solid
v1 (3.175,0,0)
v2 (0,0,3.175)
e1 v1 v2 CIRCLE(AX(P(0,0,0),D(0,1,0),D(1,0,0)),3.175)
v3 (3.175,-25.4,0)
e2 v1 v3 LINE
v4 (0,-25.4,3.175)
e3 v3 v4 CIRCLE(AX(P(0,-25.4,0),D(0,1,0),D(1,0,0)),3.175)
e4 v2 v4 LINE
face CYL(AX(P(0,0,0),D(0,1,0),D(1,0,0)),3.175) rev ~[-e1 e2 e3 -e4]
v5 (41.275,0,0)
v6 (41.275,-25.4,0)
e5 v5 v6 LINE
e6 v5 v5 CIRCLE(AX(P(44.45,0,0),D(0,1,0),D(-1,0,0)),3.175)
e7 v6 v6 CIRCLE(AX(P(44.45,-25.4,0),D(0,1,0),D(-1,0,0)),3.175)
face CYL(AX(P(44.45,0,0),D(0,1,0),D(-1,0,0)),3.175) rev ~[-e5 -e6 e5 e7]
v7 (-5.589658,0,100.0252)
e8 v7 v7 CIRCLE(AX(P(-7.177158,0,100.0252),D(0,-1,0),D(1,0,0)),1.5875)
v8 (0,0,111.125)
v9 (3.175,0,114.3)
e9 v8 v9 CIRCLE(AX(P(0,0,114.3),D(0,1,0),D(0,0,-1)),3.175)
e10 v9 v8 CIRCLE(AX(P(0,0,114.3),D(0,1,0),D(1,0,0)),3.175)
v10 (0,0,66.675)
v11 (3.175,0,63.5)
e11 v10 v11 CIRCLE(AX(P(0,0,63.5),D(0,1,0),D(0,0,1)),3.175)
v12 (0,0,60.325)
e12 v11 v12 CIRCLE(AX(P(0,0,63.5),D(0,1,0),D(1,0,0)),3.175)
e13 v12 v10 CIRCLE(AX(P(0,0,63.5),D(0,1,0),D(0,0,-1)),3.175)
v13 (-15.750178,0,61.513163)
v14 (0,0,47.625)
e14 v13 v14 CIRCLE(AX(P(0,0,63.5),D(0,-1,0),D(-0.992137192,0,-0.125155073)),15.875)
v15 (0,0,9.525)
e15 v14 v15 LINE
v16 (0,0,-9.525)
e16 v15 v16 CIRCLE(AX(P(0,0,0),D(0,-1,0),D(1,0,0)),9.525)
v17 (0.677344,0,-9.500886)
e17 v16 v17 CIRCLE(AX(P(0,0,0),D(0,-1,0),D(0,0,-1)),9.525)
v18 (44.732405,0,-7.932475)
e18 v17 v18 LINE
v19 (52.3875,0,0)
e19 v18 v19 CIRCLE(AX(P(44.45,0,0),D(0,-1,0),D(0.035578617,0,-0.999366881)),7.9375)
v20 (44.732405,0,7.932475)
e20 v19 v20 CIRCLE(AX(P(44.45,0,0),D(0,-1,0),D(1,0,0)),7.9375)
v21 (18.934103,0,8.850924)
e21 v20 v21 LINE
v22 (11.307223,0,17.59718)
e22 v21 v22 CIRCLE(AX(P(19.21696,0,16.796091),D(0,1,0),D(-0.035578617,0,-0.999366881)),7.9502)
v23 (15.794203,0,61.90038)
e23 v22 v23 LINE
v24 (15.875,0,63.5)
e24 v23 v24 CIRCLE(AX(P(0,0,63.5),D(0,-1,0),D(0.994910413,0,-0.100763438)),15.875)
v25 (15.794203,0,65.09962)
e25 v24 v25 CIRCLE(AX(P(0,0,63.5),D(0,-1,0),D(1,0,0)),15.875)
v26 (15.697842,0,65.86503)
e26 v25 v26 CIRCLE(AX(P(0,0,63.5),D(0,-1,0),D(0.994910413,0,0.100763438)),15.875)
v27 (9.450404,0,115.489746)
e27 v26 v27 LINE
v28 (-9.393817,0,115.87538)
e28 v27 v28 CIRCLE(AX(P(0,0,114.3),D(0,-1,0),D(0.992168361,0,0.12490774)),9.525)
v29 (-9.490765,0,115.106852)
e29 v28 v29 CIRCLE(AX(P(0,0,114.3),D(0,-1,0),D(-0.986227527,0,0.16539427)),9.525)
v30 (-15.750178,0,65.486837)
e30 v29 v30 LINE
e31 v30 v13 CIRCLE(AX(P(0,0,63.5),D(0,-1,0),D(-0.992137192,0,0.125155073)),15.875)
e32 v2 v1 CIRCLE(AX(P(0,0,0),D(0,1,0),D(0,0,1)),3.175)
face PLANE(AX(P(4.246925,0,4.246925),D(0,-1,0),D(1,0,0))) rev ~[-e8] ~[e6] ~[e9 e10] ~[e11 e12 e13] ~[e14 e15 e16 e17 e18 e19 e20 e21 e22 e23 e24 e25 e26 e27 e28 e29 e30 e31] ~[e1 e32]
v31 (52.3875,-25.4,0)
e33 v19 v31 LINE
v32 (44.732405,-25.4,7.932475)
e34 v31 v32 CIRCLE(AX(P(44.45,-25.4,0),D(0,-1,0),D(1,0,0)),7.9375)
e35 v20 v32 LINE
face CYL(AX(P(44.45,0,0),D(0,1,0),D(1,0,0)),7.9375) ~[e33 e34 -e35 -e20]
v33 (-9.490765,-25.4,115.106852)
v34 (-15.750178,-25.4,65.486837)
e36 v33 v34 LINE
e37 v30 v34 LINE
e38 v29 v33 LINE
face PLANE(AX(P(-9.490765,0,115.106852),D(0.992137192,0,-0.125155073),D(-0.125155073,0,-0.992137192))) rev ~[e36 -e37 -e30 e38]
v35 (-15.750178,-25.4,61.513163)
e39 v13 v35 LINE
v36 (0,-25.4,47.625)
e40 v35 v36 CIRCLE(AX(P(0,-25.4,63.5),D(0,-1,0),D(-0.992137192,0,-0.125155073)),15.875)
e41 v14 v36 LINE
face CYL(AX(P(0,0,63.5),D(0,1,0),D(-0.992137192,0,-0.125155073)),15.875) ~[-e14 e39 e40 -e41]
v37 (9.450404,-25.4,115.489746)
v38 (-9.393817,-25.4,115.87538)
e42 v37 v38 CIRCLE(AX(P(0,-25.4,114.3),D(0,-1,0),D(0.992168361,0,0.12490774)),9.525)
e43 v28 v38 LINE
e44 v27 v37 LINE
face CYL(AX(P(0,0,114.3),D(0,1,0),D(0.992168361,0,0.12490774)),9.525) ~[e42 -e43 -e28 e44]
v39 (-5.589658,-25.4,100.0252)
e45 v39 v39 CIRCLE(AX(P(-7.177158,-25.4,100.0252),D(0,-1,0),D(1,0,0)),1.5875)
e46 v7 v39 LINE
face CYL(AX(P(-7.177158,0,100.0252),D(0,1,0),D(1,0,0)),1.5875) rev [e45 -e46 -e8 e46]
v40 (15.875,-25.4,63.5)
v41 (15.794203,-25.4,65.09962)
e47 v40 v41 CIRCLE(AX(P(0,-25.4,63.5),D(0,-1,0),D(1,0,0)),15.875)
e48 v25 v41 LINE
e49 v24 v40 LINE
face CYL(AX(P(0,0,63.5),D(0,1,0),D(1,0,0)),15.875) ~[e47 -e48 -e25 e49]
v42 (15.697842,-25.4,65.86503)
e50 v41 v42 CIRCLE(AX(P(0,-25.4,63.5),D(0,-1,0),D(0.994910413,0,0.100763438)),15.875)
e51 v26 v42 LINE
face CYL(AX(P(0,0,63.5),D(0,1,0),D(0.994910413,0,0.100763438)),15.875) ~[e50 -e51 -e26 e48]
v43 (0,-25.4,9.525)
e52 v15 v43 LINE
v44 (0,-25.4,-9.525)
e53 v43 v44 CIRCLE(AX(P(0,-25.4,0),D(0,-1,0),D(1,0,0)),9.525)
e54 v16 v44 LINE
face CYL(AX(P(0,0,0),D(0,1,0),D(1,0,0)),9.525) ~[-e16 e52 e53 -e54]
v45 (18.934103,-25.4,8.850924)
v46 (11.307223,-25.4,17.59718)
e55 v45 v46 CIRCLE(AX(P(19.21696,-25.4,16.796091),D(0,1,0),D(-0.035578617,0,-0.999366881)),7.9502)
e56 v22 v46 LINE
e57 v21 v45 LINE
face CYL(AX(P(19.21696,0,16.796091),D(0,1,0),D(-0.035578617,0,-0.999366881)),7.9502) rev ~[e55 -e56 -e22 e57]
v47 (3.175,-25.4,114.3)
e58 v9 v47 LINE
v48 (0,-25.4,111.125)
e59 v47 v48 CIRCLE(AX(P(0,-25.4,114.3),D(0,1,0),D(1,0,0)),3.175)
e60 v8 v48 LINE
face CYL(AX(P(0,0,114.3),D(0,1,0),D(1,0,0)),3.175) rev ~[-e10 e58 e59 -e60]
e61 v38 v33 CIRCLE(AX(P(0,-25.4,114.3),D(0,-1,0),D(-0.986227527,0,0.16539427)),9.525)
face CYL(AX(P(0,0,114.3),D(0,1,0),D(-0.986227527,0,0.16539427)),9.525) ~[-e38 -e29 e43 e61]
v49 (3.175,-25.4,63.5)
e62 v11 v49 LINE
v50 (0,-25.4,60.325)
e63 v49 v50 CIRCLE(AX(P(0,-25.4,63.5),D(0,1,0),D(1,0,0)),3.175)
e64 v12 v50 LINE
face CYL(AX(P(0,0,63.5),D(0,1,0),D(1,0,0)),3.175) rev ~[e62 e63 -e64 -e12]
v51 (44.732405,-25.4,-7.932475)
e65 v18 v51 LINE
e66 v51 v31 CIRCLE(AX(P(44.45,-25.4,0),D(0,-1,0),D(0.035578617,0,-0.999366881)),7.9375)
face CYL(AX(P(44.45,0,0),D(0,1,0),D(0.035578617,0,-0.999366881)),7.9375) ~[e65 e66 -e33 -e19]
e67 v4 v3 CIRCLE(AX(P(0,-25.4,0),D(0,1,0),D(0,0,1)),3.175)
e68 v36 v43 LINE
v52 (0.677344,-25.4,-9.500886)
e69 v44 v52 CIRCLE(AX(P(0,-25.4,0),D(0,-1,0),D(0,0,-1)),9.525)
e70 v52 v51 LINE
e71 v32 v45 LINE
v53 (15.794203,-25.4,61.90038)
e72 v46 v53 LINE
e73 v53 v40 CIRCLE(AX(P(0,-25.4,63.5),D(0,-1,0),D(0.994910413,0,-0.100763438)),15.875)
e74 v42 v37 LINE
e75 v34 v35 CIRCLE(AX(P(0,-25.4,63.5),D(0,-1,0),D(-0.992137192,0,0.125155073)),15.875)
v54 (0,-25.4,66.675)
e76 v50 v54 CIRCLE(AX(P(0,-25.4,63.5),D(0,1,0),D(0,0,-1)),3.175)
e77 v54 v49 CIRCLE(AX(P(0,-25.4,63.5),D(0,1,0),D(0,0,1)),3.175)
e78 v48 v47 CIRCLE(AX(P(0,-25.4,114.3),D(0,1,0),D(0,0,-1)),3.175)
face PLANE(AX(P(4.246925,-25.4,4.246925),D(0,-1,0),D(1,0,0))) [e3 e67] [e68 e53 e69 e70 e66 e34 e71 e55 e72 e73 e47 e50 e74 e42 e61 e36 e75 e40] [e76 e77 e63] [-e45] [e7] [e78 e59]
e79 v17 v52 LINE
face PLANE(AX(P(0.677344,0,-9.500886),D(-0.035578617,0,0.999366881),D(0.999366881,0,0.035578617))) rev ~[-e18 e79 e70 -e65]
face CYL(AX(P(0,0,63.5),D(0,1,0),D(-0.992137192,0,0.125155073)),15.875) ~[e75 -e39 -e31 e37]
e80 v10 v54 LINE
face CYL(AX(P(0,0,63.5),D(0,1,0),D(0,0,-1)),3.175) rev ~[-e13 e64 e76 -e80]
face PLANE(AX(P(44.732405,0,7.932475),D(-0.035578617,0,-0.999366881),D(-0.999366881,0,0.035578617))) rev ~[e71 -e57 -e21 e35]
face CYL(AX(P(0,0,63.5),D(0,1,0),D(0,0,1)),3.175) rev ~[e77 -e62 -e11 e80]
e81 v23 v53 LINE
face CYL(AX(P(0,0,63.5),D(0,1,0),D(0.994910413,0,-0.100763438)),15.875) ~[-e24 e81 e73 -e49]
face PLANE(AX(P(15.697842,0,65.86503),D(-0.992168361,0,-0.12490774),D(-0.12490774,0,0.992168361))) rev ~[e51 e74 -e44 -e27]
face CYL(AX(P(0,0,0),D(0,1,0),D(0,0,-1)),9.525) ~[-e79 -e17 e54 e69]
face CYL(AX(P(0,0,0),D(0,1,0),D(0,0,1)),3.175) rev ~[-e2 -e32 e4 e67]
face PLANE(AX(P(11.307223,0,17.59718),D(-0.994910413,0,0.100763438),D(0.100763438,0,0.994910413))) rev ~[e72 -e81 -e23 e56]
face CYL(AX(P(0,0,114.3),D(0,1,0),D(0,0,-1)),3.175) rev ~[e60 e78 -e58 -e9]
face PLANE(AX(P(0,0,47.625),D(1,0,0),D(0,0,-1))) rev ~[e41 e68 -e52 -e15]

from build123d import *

# Parameters (mm, degrees)
F0_R     = 1.5875
F1_DEPTH = 25.4


with BuildPart() as f1:
    # F0 (on Front) → F1 (new body)
    with BuildSketch(Plane.XZ):
        with BuildLine():
            Line((3.175, 0), (9.525, 0))
            ThreePointArc((9.525, 0), (6.7351920908, 6.7351920908), (0, 9.525))
            Line((0, 9.525), (0, 3.175))
            ThreePointArc((0, 3.175), (2.2450640303, 2.2450640303), (3.175, 0))
        make_face()
        with BuildLine():
            Line((36.5125, 0), (9.525, 0))
            ThreePointArc((9.525, 0), (6.9705567315, -6.4912990883), (0.6773435479, -9.500885786))
            Line((0.6773435479, -9.500885786), (44.7324052746, -7.9324746146))
            ThreePointArc((44.7324052746, -7.9324746146), (38.9380895153, -5.7116327839), (36.5125, 0))
        make_face()
        with BuildLine():
            ThreePointArc((0.6773435479, -9.500885786), (6.9705567315, -6.4912990883), (9.525, 0))
            Line((9.525, 0), (3.175, 0))
            ThreePointArc((3.175, 0), (-2.2450640303, -2.2450640303), (0, 3.175))
            Line((0, 3.175), (0, 9.525))
            ThreePointArc((0, 9.525), (-9.525, 0), (0, -9.525))
            Line((0, -9.525), (0.6773435479, -9.500885786))
        make_face()
        with BuildLine():
            ThreePointArc((0, 9.525), (6.7351920908, 6.7351920908), (9.525, 0))
            Line((9.525, 0), (36.5125, 0))
            ThreePointArc((36.5125, 0), (38.9380895153, 5.7116327839), (44.7324052746, 7.9324746146))
            Line((44.7324052746, 7.9324746146), (18.9341027877, 8.850924033))
            ThreePointArc((18.9341027877, 8.850924033), (13.2249738114, 11.5709798305), (11.3072231466, 17.5971800924))
            Line((11.3072231466, 17.5971800924), (15.7942028036, 61.9003804205))
            ThreePointArc((15.7942028036, 61.9003804205), (10.644756084, 51.722700101), (0, 47.625))
            Line((0, 47.625), (0, 9.525))
        make_face()
        with BuildLine():
            ThreePointArc((0, -9.525), (0.3388863295, -9.5189695375), (0.6773435479, -9.500885786))
            Line((0.6773435479, -9.500885786), (0, -9.525))
        make_face()
        with BuildLine():
            ThreePointArc((44.7324052746, 7.9324746146), (38.9380895153, 5.7116327839), (36.5125, 0))
            ThreePointArc((36.5125, 0), (38.9380895153, -5.7116327839), (44.7324052746, -7.9324746146))
            ThreePointArc((44.7324052746, -7.9324746146), (50.1616327839, -5.5119104847), (52.3875, 0))
            ThreePointArc((52.3875, 0), (50.1616327839, 5.5119104847), (44.7324052746, 7.9324746146))
        make_face()
        with BuildLine():
            ThreePointArc((47.625, 0), (44.45, -3.175), (41.275, 0))
            ThreePointArc((41.275, 0), (44.45, 3.175), (47.625, 0))
        make_face(mode=Mode.SUBTRACT)
        with BuildLine():
            Line((0, 60.325), (0, 47.625))
            ThreePointArc((0, 47.625), (10.644756084, 51.722700101), (15.7942028036, 61.9003804205))
            Line((15.7942028036, 61.9003804205), (15.7942028036, 65.0996195795))
            Line((15.7942028036, 65.0996195795), (15.6978424192, 65.8650303134))
            ThreePointArc((15.6978424192, 65.8650303134), (10.3554519161, 75.5324661069), (0, 79.375))
            Line((0, 79.375), (0, 66.675))
            ThreePointArc((0, 66.675), (2.2450640303, 65.7450640303), (3.175, 63.5))
            ThreePointArc((3.175, 63.5), (2.2450640303, 61.2549359697), (0, 60.325))
        make_face()
        with BuildLine():
            ThreePointArc((-15.7501779217, 61.5131632086), (-10.4993950049, 51.5929294311), (0, 47.625))
            Line((0, 47.625), (0, 60.325))
            ThreePointArc((0, 60.325), (-3.175, 63.5), (0, 66.675))
            Line((0, 66.675), (0, 79.375))
            ThreePointArc((0, 79.375), (-10.4993950049, 75.4070705689), (-15.7501779217, 65.4868367914))
            Line((-15.7501779217, 65.4868367914), (-15.7501779217, 61.5131632086))
        make_face()
        with BuildLine():
            ThreePointArc((-15.7501779217, 65.4868367914), (-15.875, 63.5), (-15.7501779217, 61.5131632086))
            Line((-15.7501779217, 61.5131632086), (-15.7501779217, 65.4868367914))
        make_face()
        with BuildLine():
            Line((15.7942028036, 65.0996195795), (15.7942028036, 61.9003804205))
            ThreePointArc((15.7942028036, 61.9003804205), (15.8547878338, 62.6991705884), (15.875, 63.5))
            ThreePointArc((15.875, 63.5), (15.8547878338, 64.3008294116), (15.7942028036, 65.0996195795))
        make_face()
        with BuildLine():
            Line((-9.4907647262, 115.1068518528), (-15.7501779217, 65.4868367914))
            ThreePointArc((-15.7501779217, 65.4868367914), (-10.4993950049, 75.4070705689), (0, 79.375))
            Line((0, 79.375), (0, 104.775))
            ThreePointArc((0, 104.775), (-7.0146592539, 107.8563845125), (-9.4907647262, 115.1068518528))
        make_face()
        with Locations((-7.1771577932, 100.0252)):
            Circle(F0_R, mode=Mode.SUBTRACT)
        with BuildLine():
            Line((15.6978424192, 65.8650303134), (15.7942028036, 65.0996195795))
            ThreePointArc((15.7942028036, 65.0996195795), (15.7506727309, 65.4829103672), (15.6978424192, 65.8650303134))
        make_face()
        with BuildLine():
            Line((0, 104.775), (0, 79.375))
            ThreePointArc((0, 79.375), (10.3554519161, 75.5324661069), (15.6978424192, 65.8650303134))
            Line((15.6978424192, 65.8650303134), (9.4504036385, 115.4897462203))
            ThreePointArc((9.4504036385, 115.4897462203), (9.5063326172, 114.8960412498), (9.525, 114.3))
            ThreePointArc((9.525, 114.3), (6.7351920908, 107.5648079092), (0, 104.775))
        make_face()
        with BuildLine():
            Line((-9.393817197, 115.8753804205), (-9.4907647262, 115.1068518528))
            ThreePointArc((-9.4907647262, 115.1068518528), (-7.0146592539, 107.8563845125), (0, 104.775))
            ThreePointArc((0, 104.775), (6.7351920908, 107.5648079092), (9.525, 114.3))
            ThreePointArc((9.525, 114.3), (9.5063326172, 114.8960412498), (9.4504036385, 115.4897462203))
            ThreePointArc((9.4504036385, 115.4897462203), (0.1948818628, 123.8230061461), (-9.393817197, 115.8753804205))
        make_face()
        with BuildLine():
            ThreePointArc((3.175, 114.3), (2.2450640303, 112.0549359697), (0, 111.125))
            ThreePointArc((0, 111.125), (-2.2450640303, 116.5450640303), (3.175, 114.3))
        make_face(mode=Mode.SUBTRACT)
        with BuildLine():
            ThreePointArc((-9.393817197, 115.8753804205), (-9.450106753, 115.4921020748), (-9.4907647262, 115.1068518528))
            Line((-9.4907647262, 115.1068518528), (-9.393817197, 115.8753804205))
        make_face()
    extrude(amount=F1_DEPTH)


solid = f1.part
